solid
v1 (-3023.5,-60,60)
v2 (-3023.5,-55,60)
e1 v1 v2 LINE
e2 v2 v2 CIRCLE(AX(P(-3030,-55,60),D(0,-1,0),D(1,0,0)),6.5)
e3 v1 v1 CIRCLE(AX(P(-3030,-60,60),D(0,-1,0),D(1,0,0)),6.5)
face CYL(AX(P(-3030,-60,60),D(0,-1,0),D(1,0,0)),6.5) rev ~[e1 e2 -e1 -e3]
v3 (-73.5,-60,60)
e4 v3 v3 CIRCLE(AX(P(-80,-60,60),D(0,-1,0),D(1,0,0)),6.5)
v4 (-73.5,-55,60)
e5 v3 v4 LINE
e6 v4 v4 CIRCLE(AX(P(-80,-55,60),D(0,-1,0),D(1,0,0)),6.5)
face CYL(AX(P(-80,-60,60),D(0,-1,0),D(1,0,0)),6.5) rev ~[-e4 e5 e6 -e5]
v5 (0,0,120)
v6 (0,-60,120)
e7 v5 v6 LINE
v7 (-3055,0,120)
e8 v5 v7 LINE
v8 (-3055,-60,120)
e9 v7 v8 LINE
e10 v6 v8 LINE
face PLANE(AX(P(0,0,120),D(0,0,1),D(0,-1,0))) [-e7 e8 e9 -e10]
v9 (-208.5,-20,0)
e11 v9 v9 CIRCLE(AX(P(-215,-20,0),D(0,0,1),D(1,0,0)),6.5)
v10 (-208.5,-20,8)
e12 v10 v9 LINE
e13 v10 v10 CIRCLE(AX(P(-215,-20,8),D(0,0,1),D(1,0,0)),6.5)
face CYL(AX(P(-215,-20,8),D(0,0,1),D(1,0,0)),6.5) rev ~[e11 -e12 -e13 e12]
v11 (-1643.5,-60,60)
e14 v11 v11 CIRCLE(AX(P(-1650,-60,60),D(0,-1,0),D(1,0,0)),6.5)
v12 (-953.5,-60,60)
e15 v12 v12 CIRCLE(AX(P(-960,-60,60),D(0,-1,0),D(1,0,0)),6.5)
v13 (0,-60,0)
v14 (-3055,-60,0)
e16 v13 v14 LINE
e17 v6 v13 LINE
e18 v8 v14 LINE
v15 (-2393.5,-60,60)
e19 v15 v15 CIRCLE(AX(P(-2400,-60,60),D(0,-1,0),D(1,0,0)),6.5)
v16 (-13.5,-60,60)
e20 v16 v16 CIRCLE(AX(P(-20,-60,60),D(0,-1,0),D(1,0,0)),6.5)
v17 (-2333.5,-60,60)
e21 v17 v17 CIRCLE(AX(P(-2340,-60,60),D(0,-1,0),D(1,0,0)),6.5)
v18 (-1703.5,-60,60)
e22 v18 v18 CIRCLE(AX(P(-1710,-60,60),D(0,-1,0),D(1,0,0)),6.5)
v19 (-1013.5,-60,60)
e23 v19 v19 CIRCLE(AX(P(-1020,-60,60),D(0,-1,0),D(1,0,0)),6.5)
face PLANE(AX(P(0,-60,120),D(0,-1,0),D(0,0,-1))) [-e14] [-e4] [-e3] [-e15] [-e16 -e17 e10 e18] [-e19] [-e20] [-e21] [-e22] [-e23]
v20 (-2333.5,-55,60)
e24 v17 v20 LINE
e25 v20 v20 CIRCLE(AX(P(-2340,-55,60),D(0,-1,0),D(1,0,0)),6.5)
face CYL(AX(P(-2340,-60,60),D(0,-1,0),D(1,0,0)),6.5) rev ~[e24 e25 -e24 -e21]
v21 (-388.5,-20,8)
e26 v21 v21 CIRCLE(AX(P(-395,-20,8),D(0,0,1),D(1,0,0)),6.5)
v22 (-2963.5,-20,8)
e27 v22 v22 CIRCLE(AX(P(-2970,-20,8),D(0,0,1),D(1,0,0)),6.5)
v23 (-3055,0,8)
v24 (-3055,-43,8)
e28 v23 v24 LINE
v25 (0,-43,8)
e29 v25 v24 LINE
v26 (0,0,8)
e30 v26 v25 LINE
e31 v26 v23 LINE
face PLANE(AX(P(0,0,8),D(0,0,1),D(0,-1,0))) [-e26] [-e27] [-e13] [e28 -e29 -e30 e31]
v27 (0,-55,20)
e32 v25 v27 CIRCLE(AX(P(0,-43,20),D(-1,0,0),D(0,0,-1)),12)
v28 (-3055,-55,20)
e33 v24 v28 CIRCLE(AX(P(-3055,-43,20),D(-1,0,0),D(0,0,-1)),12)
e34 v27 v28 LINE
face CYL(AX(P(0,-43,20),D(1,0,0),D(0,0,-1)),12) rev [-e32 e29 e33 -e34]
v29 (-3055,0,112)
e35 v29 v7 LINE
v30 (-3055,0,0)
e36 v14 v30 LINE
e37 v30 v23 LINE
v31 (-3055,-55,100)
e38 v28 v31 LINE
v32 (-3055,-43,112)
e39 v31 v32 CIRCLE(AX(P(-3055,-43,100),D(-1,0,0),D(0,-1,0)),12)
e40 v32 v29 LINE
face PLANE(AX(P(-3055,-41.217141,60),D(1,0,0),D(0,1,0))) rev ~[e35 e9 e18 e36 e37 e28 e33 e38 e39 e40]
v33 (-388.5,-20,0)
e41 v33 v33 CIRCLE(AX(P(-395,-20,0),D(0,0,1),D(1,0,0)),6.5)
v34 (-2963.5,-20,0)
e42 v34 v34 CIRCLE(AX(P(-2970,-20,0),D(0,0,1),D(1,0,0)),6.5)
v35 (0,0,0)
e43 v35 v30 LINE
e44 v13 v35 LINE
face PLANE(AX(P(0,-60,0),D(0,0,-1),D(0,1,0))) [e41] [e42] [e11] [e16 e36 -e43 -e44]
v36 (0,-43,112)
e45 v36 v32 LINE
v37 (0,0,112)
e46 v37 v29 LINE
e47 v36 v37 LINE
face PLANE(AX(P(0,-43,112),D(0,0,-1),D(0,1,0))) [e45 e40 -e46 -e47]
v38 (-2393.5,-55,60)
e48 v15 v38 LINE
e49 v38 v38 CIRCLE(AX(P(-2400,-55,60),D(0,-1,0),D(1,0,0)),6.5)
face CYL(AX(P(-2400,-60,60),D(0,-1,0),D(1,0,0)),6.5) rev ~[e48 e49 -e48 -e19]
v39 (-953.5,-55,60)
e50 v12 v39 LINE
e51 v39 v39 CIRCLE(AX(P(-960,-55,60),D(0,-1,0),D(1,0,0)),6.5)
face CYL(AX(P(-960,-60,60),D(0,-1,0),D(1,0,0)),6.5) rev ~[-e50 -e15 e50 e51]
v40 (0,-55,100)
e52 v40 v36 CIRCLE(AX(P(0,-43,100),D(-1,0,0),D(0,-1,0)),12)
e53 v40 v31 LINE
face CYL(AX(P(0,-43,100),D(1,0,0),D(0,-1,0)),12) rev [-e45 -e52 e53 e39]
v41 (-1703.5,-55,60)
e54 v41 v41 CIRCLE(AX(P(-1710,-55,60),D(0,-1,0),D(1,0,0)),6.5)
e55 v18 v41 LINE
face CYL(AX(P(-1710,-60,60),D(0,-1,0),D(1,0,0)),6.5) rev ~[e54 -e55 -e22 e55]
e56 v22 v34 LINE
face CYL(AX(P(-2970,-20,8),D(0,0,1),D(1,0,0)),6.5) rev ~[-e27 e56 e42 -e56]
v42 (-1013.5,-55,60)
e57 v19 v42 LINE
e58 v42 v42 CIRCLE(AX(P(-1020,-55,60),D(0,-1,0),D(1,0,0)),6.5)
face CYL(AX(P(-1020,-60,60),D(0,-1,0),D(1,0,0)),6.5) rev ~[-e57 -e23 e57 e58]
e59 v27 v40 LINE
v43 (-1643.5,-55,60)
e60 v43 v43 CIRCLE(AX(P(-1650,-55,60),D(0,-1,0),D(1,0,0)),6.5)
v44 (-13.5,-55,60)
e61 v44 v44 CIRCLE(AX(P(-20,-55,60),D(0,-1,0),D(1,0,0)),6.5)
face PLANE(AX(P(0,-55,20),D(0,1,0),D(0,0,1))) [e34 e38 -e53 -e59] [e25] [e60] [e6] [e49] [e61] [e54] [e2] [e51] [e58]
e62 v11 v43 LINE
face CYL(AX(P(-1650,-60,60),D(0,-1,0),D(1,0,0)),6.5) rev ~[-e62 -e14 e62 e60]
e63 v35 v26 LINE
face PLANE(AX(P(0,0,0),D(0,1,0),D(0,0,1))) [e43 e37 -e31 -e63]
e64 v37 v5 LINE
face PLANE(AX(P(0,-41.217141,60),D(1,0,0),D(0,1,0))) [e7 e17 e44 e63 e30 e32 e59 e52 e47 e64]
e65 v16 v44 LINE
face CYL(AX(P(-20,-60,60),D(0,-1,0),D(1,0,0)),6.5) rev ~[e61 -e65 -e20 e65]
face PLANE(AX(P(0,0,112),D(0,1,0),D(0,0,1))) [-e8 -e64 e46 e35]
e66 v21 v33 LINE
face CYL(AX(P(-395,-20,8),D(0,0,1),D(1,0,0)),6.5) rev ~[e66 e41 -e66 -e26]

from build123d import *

# Parameters (mm, degrees)
F3_DEPTH = 3055
F4_R     = 6.5
F5_DEPTH = 8
F6_R     = 6.5
F7_DEPTH = 60.001


with BuildPart() as f3:
    # F2 (on Right) → F3 (new body)
    with BuildSketch(Plane.YZ):
        with BuildLine():
            Line((-60, 0), (0, 0))
            Line((0, 0), (0, 8))
            Line((0, 8), (-43, 8))
            ThreePointArc((-43, 8), (-51.4852813742, 11.5147186258), (-55, 20))
            Line((-55, 20), (-55, 100))
            ThreePointArc((-55, 100), (-51.4852813742, 108.4852813742), (-43, 112))
            Line((-43, 112), (0, 112))
            Line((0, 112), (0, 120))
            Line((0, 120), (-60, 120))
            Line((-60, 120), (-60, 0))
        make_face()
    extrude(amount=-F3_DEPTH)

    # F4 (on face) → F5 (cut, through all)
    with BuildSketch(Plane.XY.offset(8)):
        with Locations((-215, -20)):
            Circle(F4_R)
        with Locations((-395, -20)):
            Circle(F4_R)
        with Locations((-2970, -20)):
            Circle(F4_R)
    extrude(amount=-F5_DEPTH, mode=Mode.SUBTRACT)

    # F6 (on face) → F7 (cut, through all)
    with BuildSketch(Plane.XZ.offset(60)):
        with Locations((-20, 60)):
            Circle(F6_R)
        with Locations((-80, 60)):
            Circle(F6_R)
        with Locations((-960, 60)):
            Circle(F6_R)
        with Locations((-1020, 60)):
            Circle(F6_R)
        with Locations((-1650, 60)):
            Circle(F6_R)
        with Locations((-1710, 60)):
            Circle(F6_R)
        with Locations((-2340, 60)):
            Circle(F6_R)
        with Locations((-2400, 60)):
            Circle(F6_R)
        with Locations((-3030, 60)):
            Circle(F6_R)
    extrude(amount=-F7_DEPTH, mode=Mode.SUBTRACT)


solid = f3.part
